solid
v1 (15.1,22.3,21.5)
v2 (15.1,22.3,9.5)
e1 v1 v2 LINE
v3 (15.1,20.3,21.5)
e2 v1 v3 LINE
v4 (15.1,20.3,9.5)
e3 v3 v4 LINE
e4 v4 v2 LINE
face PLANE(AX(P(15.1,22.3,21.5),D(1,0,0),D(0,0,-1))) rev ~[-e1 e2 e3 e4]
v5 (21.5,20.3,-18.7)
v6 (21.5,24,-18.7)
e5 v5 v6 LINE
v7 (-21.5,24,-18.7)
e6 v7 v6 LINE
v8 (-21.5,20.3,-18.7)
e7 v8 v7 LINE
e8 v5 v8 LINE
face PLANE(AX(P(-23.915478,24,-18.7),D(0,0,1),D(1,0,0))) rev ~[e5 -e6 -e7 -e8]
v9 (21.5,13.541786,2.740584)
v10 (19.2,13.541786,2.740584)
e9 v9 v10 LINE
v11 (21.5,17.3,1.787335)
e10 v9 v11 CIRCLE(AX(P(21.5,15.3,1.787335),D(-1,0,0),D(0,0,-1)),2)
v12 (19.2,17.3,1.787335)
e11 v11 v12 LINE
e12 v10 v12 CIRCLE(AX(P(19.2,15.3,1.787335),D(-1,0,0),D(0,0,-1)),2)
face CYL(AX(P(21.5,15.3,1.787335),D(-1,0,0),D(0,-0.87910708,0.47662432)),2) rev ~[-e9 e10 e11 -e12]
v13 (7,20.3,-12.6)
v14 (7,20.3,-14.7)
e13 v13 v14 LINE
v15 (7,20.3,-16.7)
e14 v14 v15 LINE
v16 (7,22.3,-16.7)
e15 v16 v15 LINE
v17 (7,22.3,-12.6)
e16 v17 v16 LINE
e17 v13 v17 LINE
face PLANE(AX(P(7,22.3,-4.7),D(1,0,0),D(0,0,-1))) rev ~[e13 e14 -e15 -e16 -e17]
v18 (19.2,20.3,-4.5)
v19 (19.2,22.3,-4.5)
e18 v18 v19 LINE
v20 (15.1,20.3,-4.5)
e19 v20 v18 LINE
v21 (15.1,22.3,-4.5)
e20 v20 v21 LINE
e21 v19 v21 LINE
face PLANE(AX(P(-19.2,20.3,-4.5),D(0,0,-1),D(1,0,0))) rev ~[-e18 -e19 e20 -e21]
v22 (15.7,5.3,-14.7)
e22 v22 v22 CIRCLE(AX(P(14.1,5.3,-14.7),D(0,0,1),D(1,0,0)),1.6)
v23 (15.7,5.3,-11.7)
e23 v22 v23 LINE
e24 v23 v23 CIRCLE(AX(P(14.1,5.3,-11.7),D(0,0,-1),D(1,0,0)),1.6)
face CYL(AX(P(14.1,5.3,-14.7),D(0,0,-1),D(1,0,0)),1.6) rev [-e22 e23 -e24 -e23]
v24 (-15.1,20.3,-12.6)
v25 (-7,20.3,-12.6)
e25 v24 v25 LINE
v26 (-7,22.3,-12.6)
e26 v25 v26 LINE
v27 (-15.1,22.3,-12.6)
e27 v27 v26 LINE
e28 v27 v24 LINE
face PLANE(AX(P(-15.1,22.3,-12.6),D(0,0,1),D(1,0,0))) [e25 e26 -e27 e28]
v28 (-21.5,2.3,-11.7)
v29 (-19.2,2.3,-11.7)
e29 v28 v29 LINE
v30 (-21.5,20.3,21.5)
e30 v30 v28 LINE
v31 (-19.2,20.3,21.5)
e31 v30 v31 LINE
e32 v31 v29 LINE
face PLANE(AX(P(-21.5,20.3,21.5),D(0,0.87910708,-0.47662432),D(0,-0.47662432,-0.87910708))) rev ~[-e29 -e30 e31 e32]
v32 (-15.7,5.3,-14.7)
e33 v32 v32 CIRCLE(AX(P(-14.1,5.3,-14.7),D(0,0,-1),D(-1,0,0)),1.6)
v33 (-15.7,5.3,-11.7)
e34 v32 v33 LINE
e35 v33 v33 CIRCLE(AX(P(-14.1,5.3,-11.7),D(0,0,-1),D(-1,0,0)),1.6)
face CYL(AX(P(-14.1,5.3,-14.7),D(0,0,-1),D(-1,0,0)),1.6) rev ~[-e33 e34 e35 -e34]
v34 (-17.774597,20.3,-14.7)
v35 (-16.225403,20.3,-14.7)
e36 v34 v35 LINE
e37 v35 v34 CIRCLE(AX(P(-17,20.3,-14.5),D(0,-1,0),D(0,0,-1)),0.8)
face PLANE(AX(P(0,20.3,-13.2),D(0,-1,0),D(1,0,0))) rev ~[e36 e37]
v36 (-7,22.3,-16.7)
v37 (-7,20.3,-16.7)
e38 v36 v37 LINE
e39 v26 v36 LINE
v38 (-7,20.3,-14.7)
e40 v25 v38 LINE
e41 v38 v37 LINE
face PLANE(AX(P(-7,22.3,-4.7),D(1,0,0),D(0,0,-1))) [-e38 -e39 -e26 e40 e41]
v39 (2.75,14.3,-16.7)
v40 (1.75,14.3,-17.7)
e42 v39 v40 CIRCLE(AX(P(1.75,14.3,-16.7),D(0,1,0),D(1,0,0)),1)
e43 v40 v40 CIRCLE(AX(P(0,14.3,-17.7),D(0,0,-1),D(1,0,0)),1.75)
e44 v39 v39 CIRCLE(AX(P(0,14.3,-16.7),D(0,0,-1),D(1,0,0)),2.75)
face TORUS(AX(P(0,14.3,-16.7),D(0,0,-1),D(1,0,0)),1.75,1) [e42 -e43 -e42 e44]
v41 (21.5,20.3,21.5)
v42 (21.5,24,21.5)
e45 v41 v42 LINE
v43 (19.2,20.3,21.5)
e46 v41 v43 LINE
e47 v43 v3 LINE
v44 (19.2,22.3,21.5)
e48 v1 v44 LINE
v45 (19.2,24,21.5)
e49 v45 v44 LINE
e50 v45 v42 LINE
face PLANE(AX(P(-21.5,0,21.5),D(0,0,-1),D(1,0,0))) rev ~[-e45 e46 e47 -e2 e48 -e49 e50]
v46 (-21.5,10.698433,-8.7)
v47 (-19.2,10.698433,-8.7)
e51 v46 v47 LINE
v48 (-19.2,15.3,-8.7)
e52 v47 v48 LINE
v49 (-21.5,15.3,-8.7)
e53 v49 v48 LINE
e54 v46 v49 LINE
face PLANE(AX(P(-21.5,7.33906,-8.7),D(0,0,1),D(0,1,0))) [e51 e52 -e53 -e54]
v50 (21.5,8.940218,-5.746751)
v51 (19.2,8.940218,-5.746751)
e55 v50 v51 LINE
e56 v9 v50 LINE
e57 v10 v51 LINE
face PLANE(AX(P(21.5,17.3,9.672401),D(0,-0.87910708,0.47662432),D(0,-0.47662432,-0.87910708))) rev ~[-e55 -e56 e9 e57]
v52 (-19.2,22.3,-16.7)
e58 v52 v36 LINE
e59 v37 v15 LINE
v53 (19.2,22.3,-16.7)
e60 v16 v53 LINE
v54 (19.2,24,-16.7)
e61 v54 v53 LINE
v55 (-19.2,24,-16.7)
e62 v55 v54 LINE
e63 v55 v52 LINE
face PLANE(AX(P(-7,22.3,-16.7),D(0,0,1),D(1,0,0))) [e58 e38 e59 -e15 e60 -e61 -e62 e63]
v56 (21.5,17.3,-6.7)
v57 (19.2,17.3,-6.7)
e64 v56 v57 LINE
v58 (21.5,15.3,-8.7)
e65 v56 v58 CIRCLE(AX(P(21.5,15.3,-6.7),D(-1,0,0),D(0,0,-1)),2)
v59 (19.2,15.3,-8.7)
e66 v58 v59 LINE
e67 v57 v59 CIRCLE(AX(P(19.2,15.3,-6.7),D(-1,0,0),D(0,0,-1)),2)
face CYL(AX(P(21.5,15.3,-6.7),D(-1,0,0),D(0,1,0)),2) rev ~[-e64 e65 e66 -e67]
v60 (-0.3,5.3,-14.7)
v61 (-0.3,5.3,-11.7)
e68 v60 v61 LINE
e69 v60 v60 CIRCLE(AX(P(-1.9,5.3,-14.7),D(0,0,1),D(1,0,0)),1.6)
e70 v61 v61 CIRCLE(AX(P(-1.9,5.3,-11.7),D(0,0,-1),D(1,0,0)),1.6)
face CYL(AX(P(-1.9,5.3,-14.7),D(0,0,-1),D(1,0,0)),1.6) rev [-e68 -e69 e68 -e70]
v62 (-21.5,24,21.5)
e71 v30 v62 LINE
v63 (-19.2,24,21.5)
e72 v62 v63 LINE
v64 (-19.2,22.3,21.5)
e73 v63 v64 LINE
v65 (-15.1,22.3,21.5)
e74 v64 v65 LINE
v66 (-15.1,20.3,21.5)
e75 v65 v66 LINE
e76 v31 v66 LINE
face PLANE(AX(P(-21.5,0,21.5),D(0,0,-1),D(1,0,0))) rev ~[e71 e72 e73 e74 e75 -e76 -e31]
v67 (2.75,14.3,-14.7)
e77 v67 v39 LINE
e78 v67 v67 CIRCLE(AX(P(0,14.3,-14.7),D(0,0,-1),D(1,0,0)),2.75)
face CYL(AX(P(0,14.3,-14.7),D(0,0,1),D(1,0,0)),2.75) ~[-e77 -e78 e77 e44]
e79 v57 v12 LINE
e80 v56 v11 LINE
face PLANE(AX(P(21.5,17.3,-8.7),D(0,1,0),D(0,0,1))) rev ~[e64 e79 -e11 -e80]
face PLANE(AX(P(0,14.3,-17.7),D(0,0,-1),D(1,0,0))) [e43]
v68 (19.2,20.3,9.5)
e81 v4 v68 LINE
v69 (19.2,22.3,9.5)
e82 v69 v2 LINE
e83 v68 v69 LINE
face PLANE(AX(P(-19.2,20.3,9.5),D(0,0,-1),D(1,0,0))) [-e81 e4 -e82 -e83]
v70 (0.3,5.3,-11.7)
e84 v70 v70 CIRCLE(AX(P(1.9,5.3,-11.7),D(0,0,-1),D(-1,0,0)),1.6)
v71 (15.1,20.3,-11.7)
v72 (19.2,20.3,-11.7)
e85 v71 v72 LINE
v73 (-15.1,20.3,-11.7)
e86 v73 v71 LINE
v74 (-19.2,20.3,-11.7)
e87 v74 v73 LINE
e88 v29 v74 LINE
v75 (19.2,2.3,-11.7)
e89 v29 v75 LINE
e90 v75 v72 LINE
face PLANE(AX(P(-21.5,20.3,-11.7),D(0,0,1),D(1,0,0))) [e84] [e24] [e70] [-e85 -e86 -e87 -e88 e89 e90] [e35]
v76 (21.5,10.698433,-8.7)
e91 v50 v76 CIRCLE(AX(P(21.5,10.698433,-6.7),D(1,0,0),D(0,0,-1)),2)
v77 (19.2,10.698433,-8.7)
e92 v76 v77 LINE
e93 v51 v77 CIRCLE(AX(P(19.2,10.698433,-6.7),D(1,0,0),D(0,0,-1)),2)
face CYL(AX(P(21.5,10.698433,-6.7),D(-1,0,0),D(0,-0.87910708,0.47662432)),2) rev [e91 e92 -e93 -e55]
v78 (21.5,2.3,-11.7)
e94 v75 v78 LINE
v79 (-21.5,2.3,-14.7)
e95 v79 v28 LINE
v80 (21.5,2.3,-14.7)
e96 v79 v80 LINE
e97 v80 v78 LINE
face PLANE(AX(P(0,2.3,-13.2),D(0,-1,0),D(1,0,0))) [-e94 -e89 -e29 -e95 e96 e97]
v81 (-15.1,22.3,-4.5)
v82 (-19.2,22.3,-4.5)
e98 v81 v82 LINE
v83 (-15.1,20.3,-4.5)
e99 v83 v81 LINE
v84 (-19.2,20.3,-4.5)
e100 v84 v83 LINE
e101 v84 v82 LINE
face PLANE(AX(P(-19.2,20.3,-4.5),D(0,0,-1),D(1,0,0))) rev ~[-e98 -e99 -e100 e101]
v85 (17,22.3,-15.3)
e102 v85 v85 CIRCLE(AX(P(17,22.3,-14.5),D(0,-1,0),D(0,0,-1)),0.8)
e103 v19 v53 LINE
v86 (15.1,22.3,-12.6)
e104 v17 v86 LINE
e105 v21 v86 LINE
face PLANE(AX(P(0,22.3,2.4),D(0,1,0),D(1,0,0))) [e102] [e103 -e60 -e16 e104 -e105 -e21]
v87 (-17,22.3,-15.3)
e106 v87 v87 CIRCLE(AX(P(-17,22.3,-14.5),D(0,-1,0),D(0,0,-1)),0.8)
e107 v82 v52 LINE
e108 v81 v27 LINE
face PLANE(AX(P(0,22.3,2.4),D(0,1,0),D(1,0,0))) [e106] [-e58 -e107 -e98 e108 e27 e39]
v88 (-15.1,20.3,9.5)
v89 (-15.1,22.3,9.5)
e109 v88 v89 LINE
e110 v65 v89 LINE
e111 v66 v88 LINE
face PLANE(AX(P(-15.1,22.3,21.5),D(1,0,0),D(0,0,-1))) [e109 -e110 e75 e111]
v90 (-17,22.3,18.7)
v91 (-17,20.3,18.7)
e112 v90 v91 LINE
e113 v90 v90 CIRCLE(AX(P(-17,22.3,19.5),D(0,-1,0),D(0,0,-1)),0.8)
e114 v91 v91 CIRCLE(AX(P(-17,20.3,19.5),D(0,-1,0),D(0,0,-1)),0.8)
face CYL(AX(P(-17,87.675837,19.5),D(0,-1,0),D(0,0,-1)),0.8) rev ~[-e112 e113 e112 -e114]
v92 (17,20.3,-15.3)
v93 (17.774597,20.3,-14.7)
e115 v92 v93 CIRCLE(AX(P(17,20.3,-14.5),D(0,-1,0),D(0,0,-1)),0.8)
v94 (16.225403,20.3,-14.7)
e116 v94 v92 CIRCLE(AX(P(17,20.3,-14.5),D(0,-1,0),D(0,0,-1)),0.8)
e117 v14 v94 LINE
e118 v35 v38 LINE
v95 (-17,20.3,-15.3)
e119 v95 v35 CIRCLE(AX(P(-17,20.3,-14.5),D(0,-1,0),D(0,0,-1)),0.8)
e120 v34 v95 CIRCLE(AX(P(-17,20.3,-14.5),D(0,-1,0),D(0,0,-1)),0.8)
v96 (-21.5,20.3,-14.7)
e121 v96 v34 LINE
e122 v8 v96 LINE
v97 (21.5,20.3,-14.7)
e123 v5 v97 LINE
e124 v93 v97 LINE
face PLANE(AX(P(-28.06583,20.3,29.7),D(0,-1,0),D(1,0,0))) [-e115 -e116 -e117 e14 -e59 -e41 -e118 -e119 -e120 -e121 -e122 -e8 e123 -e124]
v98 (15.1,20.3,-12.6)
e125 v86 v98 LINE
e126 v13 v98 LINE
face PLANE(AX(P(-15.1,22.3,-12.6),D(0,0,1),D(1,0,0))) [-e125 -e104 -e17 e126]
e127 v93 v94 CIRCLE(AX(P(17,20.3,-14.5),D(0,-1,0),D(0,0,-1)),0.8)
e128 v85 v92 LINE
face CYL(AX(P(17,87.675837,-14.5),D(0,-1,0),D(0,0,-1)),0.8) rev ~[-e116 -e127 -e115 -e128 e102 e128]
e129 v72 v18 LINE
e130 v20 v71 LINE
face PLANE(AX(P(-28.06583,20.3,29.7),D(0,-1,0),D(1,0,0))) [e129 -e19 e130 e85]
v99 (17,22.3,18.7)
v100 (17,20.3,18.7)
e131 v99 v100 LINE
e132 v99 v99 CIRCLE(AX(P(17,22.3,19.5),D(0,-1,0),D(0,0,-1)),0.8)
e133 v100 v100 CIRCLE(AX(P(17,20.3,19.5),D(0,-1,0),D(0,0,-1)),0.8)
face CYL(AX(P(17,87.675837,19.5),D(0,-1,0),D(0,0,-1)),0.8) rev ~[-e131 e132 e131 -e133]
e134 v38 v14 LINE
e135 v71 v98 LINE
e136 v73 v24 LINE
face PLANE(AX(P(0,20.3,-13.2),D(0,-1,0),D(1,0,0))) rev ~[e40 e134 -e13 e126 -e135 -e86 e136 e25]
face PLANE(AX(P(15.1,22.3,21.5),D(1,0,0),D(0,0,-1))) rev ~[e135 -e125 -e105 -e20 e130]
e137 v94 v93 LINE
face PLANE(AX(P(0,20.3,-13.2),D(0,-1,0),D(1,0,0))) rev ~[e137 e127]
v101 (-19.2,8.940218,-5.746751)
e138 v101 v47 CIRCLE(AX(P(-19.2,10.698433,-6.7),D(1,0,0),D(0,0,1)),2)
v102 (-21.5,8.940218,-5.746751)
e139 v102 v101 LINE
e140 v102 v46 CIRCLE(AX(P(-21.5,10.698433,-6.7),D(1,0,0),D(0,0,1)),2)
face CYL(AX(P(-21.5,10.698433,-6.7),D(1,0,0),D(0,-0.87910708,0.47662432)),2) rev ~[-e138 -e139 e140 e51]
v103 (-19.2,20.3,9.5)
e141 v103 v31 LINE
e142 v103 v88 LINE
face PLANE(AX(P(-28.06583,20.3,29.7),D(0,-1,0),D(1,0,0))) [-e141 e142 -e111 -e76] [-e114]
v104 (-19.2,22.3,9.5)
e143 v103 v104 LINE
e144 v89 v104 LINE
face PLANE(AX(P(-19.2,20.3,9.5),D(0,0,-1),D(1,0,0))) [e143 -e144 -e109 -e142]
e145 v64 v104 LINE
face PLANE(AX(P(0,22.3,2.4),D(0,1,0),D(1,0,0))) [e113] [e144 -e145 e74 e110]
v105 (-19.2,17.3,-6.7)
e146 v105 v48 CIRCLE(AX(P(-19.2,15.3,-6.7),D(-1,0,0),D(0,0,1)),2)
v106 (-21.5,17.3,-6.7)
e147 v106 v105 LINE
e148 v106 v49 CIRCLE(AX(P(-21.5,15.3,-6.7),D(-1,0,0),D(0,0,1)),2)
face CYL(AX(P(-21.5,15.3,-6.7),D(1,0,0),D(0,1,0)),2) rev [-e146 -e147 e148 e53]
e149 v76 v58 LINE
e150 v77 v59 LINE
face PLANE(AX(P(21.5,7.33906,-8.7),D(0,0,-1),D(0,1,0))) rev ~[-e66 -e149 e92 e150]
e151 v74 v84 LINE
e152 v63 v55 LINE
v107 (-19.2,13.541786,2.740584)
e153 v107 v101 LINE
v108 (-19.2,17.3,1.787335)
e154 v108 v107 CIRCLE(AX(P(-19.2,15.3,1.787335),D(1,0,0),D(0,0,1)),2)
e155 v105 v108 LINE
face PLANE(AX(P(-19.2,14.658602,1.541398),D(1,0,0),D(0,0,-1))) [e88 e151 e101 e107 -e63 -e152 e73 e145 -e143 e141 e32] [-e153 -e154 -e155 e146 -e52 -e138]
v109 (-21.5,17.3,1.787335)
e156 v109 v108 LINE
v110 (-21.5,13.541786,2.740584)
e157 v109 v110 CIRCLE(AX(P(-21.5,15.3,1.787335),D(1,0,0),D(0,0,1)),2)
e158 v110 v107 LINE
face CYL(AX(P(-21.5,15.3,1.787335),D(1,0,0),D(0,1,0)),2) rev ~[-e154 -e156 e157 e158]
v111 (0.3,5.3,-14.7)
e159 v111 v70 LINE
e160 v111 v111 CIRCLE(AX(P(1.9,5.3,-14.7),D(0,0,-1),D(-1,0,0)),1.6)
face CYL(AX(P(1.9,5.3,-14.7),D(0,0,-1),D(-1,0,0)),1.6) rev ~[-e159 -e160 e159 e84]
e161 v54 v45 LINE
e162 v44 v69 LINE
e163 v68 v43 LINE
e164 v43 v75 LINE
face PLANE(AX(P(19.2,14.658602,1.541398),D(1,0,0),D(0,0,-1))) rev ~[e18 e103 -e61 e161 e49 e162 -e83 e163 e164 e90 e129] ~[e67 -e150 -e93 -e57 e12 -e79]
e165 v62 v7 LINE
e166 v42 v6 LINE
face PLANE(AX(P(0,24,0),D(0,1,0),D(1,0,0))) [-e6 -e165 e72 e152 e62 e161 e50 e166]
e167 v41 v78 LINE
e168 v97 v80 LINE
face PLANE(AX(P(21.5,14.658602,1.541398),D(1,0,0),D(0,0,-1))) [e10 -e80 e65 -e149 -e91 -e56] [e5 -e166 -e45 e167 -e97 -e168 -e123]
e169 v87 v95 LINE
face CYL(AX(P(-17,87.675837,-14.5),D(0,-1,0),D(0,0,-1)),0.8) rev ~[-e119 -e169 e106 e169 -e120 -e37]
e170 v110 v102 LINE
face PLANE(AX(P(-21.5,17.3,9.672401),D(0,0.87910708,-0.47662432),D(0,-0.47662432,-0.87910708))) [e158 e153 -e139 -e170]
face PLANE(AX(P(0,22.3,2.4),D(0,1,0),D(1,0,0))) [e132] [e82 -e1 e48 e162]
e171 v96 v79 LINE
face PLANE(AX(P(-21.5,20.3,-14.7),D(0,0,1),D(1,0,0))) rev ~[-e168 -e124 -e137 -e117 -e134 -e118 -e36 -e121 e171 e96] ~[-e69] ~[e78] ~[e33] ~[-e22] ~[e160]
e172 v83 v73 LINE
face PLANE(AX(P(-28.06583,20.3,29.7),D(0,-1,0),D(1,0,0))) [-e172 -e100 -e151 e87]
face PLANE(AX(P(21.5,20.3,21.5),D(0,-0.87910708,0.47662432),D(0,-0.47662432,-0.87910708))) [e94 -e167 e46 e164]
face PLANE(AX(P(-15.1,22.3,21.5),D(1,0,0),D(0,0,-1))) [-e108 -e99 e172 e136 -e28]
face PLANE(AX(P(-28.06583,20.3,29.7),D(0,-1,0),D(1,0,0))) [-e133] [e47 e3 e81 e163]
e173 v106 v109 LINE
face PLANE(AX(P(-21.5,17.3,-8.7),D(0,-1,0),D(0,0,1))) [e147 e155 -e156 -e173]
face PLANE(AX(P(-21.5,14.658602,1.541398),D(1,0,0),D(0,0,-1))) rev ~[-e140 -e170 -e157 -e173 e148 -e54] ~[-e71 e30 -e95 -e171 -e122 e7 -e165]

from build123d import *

# Parameters (mm, degrees)
SKETCH1_W                  = 43
SKETCH1_H                  = 43
BOSS_EXTRUDE1_DEPTH        = 24
SKETCH2_W                  = 38.4
SKETCH2_H                  = 38.2
CUT_EXTRUDE1_DEPTH         = 1.7
F_1_6_1_6_DIAMETER_HOLE1_D = 1.6
SKETCH5_W                  = 30.2
SKETCH5_H                  = 34.1
CUT_EXTRUDE2_DEPTH         = 2
SKETCH6_W                  = 14
SKETCH6_H                  = 12
CUT_EXTRUDE3_DEPTH         = 38.706630717
SKETCH7_W                  = 28.9
SKETCH7_H                  = 55.98263728
CUT_EXTRUDE4_DEPTH         = 37.559403715
SKETCH8_W                  = 7.05
SKETCH8_H                  = 20.3
BOSS_EXTRUDE2_DEPTH        = 8.2
SKETCH9_W                  = 36.19131864
SKETCH9_H                  = 11.8
CUT_EXTRUDE5_DEPTH         = 4.1
F_2_9_2_9_DIAMETER_HOLE1_D = 2.9
SKETCH13_W                 = 45
SKETCH13_H                 = 30.01736272
CUT_EXTRUDE6_DEPTH         = 11.8
SKETCH_1_W                 = 54.379926199
SKETCH_1_H                 = 25.742878229
CUT_EXTRUDE_1_DEPTH        = 61.495371724
SKETCH_2_W                 = 51.169507394
SKETCH_2_H                 = 8.248398276
CUT_EXTRUDE_4_DEPTH        = 10
SKETCH_3_W                 = 38.4
SKETCH_3_H                 = 14
CUT_EXTRUDE_5_DEPTH        = 31.629887365
SKETCH_4_W                 = 43
SKETCH_4_H                 = 3
EXTRUDE_1_DEPTH            = 18
SKETCH_5_R                 = 1.6
CUT_EXTRUDE_6_DEPTH        = 49.463285072
SKETCH_5_4_R               = 2.75
EXTRUDE_2_DEPTH            = 3
FILLET_1_R                 = 1
EXTRUDE_3_DEPTH            = 2.3
EXTRUDE_4_DEPTH            = 2.3
FILLET_2_R                 = 2


with BuildPart() as part:
    # Sketch1 → Boss-Extrude1 (new body)
    with BuildSketch(Plane(origin=(0, 0, 0), x_dir=(1, 0, 0), z_dir=(0, 1, 0))):
        Rectangle(SKETCH1_W, SKETCH1_H)
    extrude(amount=BOSS_EXTRUDE1_DEPTH)

    # Sketch2 → Cut-Extrude1 (cut)
    with BuildSketch(Plane(origin=(0, 24, 0), x_dir=(1, 0, 0), z_dir=(0, 1, 0))):
        with Locations((0, -2.4)):
            Rectangle(SKETCH2_W, SKETCH2_H)
    extrude(amount=-CUT_EXTRUDE1_DEPTH, mode=Mode.SUBTRACT)

    # Ø1.6 (1.6) Diameter Hole1 (through all)
    with Locations(Plane(origin=(-17, 22.3, -14.5), x_dir=(0, 0, 1), z_dir=(0, 1, 0))):
        with Locations((0, 0), (0, 34), (34, 34), (34, 0)):
            Hole(F_1_6_1_6_DIAMETER_HOLE1_D / 2)

    # Sketch5 → Cut-Extrude2 (cut)
    with BuildSketch(Plane(origin=(0, 22.3, 0), x_dir=(1, 0, 0), z_dir=(0, 1, 0))):
        with Locations((0, -4.45)):
            Rectangle(SKETCH5_W, SKETCH5_H)
    extrude(amount=-CUT_EXTRUDE2_DEPTH, mode=Mode.SUBTRACT)

    # Sketch6 → Cut-Extrude3 (cut, through all)
    with BuildSketch(Plane(origin=(0, 22.3, 0), x_dir=(1, 0, 0), z_dir=(0, 1, 0))):
        with Locations((0, 10.7)):
            Rectangle(SKETCH6_W, SKETCH6_H)
    extrude(amount=-CUT_EXTRUDE3_DEPTH, mode=Mode.SUBTRACT)

    # Sketch7 → Cut-Extrude4 (cut, through all)
    with BuildSketch(Plane(origin=(0, 20.3, 0), x_dir=(1, 0, 0), z_dir=(0, 1, 0))):
        with Locations((0, -21.5)):
            Rectangle(SKETCH7_W, SKETCH7_H)
    extrude(amount=-CUT_EXTRUDE4_DEPTH, mode=Mode.SUBTRACT)

    # Sketch8 → Boss-Extrude2 (add)
    with BuildSketch(Plane.XY.offset(21.5)):
        with Locations((-17.975, 10.15)):
            Rectangle(SKETCH8_W, SKETCH8_H)
    boss_extrude2 = extrude(amount=BOSS_EXTRUDE2_DEPTH)

    # Mirror1: Boss-Extrude2 across plane
    add(boss_extrude2.mirror(Plane(origin=(0, 0, 0), x_dir=(0, 0, 1), z_dir=(1, 0, 0))))

    # Sketch9 → Cut-Extrude5 (cut)
    with BuildSketch(Plane(origin=(-14.45, 0, 0), x_dir=(0, 0, -1), z_dir=(1, 0, 0))):
        with Locations((-11.60434068, 5.9)):
            Rectangle(SKETCH9_W, SKETCH9_H)
    cut_extrude5 = extrude(amount=-CUT_EXTRUDE5_DEPTH, mode=Mode.SUBTRACT)

    # Mirror2: Cut-Extrude5 across plane
    add(cut_extrude5.mirror(Plane(origin=(0, 0, 0), x_dir=(0, 0, 1), z_dir=(1, 0, 0))), mode=Mode.SUBTRACT)

    # Ø2.9 (2.9) Diameter Hole1 (through all)
    with Locations(Plane.ZY.offset(21.5)):
        with Locations((6.7, 5.05), (18.7, 5.05)):
            Hole(F_2_9_2_9_DIAMETER_HOLE1_D / 2)

    # Sketch13 → Cut-Extrude6 (cut)
    with BuildSketch(Plane.XZ):
        with Locations((0, -21.5)):
            Rectangle(SKETCH13_W, SKETCH13_H)
    extrude(amount=-CUT_EXTRUDE6_DEPTH, mode=Mode.SUBTRACT)

    # 草图1 → 切除-拉伸1 (cut, through all)
    with BuildSketch(Plane.XY.offset(29.7)):
        with Locations((-0.875867159, 7.428560885)):
            Rectangle(SKETCH_1_W, SKETCH_1_H)
    extrude(amount=-CUT_EXTRUDE_1_DEPTH, mode=Mode.SUBTRACT)

    # 草图2 → 切除-拉伸4 (cut)
    with BuildSketch(Plane(origin=(0, 24, 0), x_dir=(1, 0, 0), z_dir=(0, 1, 0))):
        with Locations((1.669275501, 22.824199138)):
            Rectangle(SKETCH_2_W, SKETCH_2_H)
    extrude(amount=-CUT_EXTRUDE_4_DEPTH, mode=Mode.SUBTRACT)

    # 草图3 → 切除-拉伸5 (cut, through all)
    with BuildSketch(Plane.XZ.offset(-20.3)):
        with Locations((0, 2.5)):
            Rectangle(SKETCH_3_W, SKETCH_3_H)
    extrude(amount=-CUT_EXTRUDE_5_DEPTH, mode=Mode.SUBTRACT)

    # 草图4 → 凸台-拉伸1 (add)
    with BuildSketch(Plane.XZ.offset(-20.3)):
        with Locations((0, -13.2)):
            Rectangle(SKETCH_4_W, SKETCH_4_H)
    extrude(amount=EXTRUDE_1_DEPTH)

    # 草图5 → 切除-拉伸6 (cut, through all)
    with BuildSketch(Plane(origin=(0, 0, -14.7), x_dir=(-1, 0, 0), z_dir=(0, 0, -1))):
        with Locations((-1.9, 5.3)):
            Circle(SKETCH_5_R)
        with Locations((14.1, 5.3)):
            Circle(SKETCH_5_R)
    cut_extrude_6 = extrude(amount=-CUT_EXTRUDE_6_DEPTH, mode=Mode.SUBTRACT)

    # 草图5<4> → 凸台-拉伸2 (add)
    with BuildSketch(Plane(origin=(0, 0, -14.7), x_dir=(-1, 0, 0), z_dir=(0, 0, -1))):
        with Locations(Location((0, 14.3, 0), (0, 0, 180))):
            Circle(SKETCH_5_4_R)
    extrude(amount=EXTRUDE_2_DEPTH)

    # 圆角1
    fillet_1_edges = [part.edges().sort_by_distance(p)[0] for p in [
        (-2.75, 14.3, -17.7),
    ]]
    fillet(fillet_1_edges, radius=FILLET_1_R)

    # 草图6 → 凸台-拉伸3 (add)
    with BuildSketch(Plane(origin=(21.5, 0, 0), x_dir=(0, 0, -1), z_dir=(1, 0, 0))):
        Polygon((-21.5, 20.3), (11.7, 2.3), (11.7, 20.3), align=None)
        Polygon((-9.672401199, 17.3), (8.7, 7.339059591), (8.7, 17.3), align=None, mode=Mode.SUBTRACT)
    extrude(amount=-EXTRUDE_3_DEPTH)

    # 镜向1: 切除-拉伸6 across plane
    add(cut_extrude_6.mirror(Plane(origin=(0, 0, 0), x_dir=(0, 0, 1), z_dir=(1, 0, 0))), mode=Mode.SUBTRACT)

    # 草图7 → 凸台-拉伸4 (add)
    with BuildSketch(Plane.ZY.offset(21.5)):
        Polygon((-11.7, 2.3), (-11.7, 20.3), (21.5, 20.3), align=None)
        Polygon((-8.7, 17.3), (9.672401199, 17.3), (-8.7, 7.339059591), align=None, mode=Mode.SUBTRACT)
    extrude(amount=-EXTRUDE_4_DEPTH)

    # 圆角2
    fillet_2_edges = [part.edges().sort_by_distance(p)[0] for p in [
        (20.35, 17.3, 9.672401199),
        (20.35, 7.339059591, -8.7),
        (20.35, 17.3, -8.7),
        (-20.35, 7.339059591, -8.7),
        (-20.35, 17.3, 9.672401199),
        (-20.35, 17.3, -8.7),
    ]]
    fillet(fillet_2_edges, radius=FILLET_2_R)


solid = part.part
